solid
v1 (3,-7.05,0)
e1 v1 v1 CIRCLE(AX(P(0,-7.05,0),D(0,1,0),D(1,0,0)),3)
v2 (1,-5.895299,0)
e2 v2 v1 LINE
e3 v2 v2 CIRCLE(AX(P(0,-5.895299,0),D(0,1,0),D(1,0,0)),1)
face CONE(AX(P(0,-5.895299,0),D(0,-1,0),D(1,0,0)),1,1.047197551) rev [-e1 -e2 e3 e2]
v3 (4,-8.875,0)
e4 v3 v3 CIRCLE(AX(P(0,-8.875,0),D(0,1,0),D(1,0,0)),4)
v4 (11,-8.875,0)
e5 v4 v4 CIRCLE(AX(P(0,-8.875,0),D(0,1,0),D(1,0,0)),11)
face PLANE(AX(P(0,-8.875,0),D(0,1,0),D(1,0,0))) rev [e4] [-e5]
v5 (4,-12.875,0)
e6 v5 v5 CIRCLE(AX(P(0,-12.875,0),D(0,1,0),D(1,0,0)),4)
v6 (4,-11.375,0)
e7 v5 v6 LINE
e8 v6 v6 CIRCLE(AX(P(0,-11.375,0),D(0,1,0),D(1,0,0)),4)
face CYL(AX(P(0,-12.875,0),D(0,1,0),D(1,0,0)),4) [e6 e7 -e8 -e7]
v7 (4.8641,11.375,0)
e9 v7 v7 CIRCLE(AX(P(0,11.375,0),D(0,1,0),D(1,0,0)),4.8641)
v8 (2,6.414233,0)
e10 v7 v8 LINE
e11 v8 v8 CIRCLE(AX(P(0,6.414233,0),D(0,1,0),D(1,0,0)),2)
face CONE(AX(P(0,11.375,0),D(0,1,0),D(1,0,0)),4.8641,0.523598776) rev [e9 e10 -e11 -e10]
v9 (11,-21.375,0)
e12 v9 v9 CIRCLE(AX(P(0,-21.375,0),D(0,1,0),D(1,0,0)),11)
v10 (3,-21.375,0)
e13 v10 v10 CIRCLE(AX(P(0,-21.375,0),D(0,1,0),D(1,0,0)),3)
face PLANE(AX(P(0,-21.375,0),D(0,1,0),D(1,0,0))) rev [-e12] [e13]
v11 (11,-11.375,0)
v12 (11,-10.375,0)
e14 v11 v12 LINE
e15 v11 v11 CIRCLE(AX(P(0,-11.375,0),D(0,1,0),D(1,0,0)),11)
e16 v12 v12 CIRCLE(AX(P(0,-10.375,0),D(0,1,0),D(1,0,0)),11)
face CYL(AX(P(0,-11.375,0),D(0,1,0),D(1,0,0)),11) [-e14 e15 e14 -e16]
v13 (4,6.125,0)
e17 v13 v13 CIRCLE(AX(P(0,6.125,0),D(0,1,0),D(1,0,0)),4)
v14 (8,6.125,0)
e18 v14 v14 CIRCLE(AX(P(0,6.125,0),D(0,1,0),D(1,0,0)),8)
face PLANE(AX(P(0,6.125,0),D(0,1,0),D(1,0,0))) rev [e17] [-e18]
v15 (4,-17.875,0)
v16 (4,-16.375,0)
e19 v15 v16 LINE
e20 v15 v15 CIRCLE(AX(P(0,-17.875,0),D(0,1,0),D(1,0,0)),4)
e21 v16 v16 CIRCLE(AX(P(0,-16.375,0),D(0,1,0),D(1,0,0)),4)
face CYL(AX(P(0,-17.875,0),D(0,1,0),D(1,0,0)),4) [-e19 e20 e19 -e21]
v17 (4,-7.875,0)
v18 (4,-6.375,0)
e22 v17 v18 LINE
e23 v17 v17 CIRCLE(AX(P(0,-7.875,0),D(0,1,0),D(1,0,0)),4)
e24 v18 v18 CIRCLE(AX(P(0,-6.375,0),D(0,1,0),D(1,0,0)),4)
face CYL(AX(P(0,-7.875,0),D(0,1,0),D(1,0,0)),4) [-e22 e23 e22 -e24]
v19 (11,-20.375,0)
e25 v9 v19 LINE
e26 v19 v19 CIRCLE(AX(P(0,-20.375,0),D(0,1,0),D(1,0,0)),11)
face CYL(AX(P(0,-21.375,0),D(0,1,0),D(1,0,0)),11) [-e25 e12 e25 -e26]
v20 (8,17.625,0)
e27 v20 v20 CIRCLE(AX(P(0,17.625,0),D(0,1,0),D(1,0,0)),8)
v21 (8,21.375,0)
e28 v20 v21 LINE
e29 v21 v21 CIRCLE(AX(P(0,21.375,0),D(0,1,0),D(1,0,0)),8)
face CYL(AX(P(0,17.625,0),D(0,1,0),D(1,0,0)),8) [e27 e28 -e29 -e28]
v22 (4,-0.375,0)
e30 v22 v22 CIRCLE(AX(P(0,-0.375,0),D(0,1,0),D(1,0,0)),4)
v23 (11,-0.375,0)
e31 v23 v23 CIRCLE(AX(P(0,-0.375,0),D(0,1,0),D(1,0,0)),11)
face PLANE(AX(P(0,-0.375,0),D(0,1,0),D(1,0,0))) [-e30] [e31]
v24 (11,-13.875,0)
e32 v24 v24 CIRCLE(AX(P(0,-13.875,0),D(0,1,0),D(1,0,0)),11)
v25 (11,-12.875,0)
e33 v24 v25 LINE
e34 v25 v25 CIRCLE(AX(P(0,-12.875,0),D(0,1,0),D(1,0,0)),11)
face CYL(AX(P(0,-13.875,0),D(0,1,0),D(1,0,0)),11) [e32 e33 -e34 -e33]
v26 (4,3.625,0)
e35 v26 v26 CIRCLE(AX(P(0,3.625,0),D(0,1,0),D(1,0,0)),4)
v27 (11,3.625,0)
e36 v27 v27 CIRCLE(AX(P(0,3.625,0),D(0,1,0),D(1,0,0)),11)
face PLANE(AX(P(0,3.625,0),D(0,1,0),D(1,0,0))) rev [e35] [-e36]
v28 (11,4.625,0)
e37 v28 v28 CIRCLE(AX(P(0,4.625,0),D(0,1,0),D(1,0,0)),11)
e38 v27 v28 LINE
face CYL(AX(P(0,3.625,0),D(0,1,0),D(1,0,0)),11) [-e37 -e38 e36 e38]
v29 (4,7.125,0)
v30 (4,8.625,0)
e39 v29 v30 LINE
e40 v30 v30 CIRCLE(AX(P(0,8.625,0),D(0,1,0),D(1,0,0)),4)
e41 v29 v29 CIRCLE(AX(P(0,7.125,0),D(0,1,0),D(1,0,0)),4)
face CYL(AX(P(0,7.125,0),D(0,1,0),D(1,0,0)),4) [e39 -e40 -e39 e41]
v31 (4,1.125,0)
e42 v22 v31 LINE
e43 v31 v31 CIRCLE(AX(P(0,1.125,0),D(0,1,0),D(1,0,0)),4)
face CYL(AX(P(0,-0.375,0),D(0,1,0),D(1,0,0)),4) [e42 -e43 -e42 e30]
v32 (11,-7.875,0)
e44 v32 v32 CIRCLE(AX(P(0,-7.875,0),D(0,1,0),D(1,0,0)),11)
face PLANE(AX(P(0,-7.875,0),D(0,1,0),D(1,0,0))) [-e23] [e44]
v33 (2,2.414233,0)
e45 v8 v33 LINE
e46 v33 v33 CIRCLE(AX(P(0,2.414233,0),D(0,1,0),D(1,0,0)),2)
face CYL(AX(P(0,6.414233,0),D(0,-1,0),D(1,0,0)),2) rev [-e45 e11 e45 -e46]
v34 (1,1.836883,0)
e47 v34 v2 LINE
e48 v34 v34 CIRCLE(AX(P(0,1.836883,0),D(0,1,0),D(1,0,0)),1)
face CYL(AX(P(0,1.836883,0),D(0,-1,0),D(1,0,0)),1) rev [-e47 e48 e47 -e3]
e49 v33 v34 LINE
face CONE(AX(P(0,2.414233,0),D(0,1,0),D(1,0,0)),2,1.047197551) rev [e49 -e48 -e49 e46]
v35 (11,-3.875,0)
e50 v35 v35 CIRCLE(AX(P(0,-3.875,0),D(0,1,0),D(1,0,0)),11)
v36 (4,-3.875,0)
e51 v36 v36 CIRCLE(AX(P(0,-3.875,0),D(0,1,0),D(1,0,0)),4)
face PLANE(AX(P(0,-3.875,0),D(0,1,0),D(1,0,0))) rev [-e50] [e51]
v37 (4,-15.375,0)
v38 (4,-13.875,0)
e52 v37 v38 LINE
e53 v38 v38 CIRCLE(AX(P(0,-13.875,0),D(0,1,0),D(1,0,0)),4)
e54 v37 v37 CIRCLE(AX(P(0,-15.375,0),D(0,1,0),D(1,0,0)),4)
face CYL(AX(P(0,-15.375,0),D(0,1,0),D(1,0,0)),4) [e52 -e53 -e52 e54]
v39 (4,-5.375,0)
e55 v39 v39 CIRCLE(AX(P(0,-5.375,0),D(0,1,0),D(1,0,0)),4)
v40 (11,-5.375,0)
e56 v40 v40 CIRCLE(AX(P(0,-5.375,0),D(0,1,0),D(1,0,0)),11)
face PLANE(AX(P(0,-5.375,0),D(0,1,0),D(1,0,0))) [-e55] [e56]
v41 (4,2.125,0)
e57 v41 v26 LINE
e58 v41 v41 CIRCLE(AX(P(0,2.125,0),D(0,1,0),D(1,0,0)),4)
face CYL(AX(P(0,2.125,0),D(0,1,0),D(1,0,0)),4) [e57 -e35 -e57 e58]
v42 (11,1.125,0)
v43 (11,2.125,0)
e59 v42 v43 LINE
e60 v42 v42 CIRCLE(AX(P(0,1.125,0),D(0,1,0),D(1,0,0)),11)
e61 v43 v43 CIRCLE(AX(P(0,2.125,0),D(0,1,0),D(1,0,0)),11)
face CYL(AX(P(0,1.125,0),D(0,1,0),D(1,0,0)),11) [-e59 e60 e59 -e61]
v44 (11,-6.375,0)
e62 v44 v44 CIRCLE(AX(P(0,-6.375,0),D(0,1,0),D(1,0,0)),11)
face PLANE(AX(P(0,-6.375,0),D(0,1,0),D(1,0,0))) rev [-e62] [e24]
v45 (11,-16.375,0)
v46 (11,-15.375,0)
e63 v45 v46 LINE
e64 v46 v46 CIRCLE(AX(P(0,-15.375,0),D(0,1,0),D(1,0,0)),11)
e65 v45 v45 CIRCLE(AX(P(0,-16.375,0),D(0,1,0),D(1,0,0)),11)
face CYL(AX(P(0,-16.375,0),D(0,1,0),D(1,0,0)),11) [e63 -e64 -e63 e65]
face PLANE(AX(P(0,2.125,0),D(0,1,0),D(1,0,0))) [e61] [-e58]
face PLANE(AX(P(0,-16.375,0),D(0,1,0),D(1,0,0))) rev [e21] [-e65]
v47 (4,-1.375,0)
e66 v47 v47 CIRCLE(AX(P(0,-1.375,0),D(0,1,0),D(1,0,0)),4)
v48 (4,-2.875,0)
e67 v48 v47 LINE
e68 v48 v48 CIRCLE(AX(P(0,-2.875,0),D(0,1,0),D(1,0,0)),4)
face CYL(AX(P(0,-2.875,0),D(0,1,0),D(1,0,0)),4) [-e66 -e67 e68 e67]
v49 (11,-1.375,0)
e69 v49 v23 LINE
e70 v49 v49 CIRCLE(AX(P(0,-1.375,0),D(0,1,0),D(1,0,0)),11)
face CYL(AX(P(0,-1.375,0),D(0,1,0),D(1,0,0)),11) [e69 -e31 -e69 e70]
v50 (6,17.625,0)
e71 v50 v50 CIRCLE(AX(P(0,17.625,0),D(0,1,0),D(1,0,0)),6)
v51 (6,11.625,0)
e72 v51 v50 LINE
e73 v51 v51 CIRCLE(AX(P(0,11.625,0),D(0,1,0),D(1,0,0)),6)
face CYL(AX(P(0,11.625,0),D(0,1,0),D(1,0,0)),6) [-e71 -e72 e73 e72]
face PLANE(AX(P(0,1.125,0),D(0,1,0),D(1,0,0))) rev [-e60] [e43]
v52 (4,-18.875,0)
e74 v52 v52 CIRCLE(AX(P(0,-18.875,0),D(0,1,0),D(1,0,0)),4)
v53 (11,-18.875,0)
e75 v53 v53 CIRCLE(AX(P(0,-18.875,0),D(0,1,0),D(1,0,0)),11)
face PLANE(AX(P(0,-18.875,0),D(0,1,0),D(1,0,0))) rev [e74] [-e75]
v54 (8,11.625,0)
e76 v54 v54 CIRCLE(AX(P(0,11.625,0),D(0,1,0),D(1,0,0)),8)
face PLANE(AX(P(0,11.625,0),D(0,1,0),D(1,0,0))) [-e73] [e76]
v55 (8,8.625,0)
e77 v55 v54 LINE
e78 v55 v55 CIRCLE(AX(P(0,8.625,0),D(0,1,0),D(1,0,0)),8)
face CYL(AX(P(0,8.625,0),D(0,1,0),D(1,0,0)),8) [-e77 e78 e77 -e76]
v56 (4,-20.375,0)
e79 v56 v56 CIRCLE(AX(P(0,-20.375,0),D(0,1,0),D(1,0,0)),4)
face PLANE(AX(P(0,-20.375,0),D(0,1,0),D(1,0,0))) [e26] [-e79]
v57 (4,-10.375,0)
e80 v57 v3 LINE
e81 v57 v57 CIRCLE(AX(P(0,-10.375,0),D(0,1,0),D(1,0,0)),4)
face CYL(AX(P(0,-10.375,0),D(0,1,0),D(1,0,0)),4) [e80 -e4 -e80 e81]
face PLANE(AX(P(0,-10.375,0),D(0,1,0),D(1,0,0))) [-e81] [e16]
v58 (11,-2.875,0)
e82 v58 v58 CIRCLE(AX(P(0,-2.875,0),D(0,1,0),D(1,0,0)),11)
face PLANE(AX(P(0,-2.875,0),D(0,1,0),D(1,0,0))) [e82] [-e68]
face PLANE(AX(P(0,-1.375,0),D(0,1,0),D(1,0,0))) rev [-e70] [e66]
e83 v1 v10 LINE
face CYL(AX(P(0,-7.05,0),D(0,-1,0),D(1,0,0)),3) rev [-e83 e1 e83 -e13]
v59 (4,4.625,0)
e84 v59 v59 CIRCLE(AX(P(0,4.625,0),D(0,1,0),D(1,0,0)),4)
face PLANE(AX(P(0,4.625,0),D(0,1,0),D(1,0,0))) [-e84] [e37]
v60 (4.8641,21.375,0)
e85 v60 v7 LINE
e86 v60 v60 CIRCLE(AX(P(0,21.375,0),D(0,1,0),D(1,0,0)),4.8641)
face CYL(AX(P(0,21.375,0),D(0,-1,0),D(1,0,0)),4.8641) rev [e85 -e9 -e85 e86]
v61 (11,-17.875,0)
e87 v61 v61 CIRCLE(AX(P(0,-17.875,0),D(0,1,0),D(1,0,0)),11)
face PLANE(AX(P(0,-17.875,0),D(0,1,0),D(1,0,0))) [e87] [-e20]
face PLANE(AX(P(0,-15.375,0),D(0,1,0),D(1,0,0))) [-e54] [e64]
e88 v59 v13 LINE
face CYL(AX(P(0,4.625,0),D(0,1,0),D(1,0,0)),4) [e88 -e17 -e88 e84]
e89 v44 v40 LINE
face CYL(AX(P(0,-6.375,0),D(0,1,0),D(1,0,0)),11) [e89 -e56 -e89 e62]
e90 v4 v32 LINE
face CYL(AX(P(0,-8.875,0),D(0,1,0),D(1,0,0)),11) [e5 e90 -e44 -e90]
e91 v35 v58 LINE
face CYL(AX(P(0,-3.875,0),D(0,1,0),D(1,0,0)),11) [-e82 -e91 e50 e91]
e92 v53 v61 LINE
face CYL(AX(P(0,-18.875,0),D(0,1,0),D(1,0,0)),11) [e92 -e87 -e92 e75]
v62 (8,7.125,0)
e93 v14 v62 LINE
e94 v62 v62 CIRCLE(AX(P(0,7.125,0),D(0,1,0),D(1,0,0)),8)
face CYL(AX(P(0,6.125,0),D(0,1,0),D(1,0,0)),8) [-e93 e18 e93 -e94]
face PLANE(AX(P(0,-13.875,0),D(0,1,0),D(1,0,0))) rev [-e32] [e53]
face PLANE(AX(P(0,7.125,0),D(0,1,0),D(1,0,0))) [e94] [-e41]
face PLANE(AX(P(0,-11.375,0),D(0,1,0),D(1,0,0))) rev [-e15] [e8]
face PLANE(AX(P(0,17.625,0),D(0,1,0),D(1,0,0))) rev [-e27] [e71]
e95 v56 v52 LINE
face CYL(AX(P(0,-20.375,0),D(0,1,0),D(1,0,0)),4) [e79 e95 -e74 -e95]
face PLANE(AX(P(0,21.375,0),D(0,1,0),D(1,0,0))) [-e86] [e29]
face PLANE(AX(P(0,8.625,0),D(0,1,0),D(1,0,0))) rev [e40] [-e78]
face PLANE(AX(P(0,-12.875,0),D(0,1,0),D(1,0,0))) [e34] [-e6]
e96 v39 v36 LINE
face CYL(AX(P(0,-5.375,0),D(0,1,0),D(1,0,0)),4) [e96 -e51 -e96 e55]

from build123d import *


with BuildPart() as part:
    # Sketch1 → Revolve1 (revolve)
    with BuildSketch(Plane.XY):
        Polygon((3, -21.375), (11, -21.375), (11, -20.375), (4, -20.375), (4, -18.875), (11, -18.875), (11, -17.875), (4, -17.875), (4, -16.375), (11, -16.375), (11, -15.375), (4, -15.375), (4, -13.875), (11, -13.875), (11, -12.875), (4, -12.875), (4, -11.375), (11, -11.375), (11, -10.375), (4, -10.375), (4, -8.875), (11, -8.875), (11, -7.875), (4, -7.875), (4, -6.375), (11, -6.375), (11, -5.375), (4, -5.375), (4, -3.875), (11, -3.875), (11, -2.875), (4, -2.875), (4, -1.375), (11, -1.375), (11, -0.375), (4, -0.375), (4, 1.125), (11, 1.125), (11, 2.125), (4, 2.125), (4, 3.625), (11, 3.625), (11, 4.625), (4, 4.625), (4, 6.125), (8, 6.125), (8, 7.125), (4, 7.125), (4, 8.625), (8, 8.625), (8, 11.625), (6, 11.625), (6, 17.625), (8, 17.625), (8, 21.375), (4.8641, 21.375), (4.8641, 11.375), (2, 6.414233282), (2, 2.414233282), (1, 1.836883013), (1, -5.895299462), (3, -7.05), align=None)
    revolve(axis=Axis((0, -21.375, 0), (0, 1, 0)))


solid = part.part
